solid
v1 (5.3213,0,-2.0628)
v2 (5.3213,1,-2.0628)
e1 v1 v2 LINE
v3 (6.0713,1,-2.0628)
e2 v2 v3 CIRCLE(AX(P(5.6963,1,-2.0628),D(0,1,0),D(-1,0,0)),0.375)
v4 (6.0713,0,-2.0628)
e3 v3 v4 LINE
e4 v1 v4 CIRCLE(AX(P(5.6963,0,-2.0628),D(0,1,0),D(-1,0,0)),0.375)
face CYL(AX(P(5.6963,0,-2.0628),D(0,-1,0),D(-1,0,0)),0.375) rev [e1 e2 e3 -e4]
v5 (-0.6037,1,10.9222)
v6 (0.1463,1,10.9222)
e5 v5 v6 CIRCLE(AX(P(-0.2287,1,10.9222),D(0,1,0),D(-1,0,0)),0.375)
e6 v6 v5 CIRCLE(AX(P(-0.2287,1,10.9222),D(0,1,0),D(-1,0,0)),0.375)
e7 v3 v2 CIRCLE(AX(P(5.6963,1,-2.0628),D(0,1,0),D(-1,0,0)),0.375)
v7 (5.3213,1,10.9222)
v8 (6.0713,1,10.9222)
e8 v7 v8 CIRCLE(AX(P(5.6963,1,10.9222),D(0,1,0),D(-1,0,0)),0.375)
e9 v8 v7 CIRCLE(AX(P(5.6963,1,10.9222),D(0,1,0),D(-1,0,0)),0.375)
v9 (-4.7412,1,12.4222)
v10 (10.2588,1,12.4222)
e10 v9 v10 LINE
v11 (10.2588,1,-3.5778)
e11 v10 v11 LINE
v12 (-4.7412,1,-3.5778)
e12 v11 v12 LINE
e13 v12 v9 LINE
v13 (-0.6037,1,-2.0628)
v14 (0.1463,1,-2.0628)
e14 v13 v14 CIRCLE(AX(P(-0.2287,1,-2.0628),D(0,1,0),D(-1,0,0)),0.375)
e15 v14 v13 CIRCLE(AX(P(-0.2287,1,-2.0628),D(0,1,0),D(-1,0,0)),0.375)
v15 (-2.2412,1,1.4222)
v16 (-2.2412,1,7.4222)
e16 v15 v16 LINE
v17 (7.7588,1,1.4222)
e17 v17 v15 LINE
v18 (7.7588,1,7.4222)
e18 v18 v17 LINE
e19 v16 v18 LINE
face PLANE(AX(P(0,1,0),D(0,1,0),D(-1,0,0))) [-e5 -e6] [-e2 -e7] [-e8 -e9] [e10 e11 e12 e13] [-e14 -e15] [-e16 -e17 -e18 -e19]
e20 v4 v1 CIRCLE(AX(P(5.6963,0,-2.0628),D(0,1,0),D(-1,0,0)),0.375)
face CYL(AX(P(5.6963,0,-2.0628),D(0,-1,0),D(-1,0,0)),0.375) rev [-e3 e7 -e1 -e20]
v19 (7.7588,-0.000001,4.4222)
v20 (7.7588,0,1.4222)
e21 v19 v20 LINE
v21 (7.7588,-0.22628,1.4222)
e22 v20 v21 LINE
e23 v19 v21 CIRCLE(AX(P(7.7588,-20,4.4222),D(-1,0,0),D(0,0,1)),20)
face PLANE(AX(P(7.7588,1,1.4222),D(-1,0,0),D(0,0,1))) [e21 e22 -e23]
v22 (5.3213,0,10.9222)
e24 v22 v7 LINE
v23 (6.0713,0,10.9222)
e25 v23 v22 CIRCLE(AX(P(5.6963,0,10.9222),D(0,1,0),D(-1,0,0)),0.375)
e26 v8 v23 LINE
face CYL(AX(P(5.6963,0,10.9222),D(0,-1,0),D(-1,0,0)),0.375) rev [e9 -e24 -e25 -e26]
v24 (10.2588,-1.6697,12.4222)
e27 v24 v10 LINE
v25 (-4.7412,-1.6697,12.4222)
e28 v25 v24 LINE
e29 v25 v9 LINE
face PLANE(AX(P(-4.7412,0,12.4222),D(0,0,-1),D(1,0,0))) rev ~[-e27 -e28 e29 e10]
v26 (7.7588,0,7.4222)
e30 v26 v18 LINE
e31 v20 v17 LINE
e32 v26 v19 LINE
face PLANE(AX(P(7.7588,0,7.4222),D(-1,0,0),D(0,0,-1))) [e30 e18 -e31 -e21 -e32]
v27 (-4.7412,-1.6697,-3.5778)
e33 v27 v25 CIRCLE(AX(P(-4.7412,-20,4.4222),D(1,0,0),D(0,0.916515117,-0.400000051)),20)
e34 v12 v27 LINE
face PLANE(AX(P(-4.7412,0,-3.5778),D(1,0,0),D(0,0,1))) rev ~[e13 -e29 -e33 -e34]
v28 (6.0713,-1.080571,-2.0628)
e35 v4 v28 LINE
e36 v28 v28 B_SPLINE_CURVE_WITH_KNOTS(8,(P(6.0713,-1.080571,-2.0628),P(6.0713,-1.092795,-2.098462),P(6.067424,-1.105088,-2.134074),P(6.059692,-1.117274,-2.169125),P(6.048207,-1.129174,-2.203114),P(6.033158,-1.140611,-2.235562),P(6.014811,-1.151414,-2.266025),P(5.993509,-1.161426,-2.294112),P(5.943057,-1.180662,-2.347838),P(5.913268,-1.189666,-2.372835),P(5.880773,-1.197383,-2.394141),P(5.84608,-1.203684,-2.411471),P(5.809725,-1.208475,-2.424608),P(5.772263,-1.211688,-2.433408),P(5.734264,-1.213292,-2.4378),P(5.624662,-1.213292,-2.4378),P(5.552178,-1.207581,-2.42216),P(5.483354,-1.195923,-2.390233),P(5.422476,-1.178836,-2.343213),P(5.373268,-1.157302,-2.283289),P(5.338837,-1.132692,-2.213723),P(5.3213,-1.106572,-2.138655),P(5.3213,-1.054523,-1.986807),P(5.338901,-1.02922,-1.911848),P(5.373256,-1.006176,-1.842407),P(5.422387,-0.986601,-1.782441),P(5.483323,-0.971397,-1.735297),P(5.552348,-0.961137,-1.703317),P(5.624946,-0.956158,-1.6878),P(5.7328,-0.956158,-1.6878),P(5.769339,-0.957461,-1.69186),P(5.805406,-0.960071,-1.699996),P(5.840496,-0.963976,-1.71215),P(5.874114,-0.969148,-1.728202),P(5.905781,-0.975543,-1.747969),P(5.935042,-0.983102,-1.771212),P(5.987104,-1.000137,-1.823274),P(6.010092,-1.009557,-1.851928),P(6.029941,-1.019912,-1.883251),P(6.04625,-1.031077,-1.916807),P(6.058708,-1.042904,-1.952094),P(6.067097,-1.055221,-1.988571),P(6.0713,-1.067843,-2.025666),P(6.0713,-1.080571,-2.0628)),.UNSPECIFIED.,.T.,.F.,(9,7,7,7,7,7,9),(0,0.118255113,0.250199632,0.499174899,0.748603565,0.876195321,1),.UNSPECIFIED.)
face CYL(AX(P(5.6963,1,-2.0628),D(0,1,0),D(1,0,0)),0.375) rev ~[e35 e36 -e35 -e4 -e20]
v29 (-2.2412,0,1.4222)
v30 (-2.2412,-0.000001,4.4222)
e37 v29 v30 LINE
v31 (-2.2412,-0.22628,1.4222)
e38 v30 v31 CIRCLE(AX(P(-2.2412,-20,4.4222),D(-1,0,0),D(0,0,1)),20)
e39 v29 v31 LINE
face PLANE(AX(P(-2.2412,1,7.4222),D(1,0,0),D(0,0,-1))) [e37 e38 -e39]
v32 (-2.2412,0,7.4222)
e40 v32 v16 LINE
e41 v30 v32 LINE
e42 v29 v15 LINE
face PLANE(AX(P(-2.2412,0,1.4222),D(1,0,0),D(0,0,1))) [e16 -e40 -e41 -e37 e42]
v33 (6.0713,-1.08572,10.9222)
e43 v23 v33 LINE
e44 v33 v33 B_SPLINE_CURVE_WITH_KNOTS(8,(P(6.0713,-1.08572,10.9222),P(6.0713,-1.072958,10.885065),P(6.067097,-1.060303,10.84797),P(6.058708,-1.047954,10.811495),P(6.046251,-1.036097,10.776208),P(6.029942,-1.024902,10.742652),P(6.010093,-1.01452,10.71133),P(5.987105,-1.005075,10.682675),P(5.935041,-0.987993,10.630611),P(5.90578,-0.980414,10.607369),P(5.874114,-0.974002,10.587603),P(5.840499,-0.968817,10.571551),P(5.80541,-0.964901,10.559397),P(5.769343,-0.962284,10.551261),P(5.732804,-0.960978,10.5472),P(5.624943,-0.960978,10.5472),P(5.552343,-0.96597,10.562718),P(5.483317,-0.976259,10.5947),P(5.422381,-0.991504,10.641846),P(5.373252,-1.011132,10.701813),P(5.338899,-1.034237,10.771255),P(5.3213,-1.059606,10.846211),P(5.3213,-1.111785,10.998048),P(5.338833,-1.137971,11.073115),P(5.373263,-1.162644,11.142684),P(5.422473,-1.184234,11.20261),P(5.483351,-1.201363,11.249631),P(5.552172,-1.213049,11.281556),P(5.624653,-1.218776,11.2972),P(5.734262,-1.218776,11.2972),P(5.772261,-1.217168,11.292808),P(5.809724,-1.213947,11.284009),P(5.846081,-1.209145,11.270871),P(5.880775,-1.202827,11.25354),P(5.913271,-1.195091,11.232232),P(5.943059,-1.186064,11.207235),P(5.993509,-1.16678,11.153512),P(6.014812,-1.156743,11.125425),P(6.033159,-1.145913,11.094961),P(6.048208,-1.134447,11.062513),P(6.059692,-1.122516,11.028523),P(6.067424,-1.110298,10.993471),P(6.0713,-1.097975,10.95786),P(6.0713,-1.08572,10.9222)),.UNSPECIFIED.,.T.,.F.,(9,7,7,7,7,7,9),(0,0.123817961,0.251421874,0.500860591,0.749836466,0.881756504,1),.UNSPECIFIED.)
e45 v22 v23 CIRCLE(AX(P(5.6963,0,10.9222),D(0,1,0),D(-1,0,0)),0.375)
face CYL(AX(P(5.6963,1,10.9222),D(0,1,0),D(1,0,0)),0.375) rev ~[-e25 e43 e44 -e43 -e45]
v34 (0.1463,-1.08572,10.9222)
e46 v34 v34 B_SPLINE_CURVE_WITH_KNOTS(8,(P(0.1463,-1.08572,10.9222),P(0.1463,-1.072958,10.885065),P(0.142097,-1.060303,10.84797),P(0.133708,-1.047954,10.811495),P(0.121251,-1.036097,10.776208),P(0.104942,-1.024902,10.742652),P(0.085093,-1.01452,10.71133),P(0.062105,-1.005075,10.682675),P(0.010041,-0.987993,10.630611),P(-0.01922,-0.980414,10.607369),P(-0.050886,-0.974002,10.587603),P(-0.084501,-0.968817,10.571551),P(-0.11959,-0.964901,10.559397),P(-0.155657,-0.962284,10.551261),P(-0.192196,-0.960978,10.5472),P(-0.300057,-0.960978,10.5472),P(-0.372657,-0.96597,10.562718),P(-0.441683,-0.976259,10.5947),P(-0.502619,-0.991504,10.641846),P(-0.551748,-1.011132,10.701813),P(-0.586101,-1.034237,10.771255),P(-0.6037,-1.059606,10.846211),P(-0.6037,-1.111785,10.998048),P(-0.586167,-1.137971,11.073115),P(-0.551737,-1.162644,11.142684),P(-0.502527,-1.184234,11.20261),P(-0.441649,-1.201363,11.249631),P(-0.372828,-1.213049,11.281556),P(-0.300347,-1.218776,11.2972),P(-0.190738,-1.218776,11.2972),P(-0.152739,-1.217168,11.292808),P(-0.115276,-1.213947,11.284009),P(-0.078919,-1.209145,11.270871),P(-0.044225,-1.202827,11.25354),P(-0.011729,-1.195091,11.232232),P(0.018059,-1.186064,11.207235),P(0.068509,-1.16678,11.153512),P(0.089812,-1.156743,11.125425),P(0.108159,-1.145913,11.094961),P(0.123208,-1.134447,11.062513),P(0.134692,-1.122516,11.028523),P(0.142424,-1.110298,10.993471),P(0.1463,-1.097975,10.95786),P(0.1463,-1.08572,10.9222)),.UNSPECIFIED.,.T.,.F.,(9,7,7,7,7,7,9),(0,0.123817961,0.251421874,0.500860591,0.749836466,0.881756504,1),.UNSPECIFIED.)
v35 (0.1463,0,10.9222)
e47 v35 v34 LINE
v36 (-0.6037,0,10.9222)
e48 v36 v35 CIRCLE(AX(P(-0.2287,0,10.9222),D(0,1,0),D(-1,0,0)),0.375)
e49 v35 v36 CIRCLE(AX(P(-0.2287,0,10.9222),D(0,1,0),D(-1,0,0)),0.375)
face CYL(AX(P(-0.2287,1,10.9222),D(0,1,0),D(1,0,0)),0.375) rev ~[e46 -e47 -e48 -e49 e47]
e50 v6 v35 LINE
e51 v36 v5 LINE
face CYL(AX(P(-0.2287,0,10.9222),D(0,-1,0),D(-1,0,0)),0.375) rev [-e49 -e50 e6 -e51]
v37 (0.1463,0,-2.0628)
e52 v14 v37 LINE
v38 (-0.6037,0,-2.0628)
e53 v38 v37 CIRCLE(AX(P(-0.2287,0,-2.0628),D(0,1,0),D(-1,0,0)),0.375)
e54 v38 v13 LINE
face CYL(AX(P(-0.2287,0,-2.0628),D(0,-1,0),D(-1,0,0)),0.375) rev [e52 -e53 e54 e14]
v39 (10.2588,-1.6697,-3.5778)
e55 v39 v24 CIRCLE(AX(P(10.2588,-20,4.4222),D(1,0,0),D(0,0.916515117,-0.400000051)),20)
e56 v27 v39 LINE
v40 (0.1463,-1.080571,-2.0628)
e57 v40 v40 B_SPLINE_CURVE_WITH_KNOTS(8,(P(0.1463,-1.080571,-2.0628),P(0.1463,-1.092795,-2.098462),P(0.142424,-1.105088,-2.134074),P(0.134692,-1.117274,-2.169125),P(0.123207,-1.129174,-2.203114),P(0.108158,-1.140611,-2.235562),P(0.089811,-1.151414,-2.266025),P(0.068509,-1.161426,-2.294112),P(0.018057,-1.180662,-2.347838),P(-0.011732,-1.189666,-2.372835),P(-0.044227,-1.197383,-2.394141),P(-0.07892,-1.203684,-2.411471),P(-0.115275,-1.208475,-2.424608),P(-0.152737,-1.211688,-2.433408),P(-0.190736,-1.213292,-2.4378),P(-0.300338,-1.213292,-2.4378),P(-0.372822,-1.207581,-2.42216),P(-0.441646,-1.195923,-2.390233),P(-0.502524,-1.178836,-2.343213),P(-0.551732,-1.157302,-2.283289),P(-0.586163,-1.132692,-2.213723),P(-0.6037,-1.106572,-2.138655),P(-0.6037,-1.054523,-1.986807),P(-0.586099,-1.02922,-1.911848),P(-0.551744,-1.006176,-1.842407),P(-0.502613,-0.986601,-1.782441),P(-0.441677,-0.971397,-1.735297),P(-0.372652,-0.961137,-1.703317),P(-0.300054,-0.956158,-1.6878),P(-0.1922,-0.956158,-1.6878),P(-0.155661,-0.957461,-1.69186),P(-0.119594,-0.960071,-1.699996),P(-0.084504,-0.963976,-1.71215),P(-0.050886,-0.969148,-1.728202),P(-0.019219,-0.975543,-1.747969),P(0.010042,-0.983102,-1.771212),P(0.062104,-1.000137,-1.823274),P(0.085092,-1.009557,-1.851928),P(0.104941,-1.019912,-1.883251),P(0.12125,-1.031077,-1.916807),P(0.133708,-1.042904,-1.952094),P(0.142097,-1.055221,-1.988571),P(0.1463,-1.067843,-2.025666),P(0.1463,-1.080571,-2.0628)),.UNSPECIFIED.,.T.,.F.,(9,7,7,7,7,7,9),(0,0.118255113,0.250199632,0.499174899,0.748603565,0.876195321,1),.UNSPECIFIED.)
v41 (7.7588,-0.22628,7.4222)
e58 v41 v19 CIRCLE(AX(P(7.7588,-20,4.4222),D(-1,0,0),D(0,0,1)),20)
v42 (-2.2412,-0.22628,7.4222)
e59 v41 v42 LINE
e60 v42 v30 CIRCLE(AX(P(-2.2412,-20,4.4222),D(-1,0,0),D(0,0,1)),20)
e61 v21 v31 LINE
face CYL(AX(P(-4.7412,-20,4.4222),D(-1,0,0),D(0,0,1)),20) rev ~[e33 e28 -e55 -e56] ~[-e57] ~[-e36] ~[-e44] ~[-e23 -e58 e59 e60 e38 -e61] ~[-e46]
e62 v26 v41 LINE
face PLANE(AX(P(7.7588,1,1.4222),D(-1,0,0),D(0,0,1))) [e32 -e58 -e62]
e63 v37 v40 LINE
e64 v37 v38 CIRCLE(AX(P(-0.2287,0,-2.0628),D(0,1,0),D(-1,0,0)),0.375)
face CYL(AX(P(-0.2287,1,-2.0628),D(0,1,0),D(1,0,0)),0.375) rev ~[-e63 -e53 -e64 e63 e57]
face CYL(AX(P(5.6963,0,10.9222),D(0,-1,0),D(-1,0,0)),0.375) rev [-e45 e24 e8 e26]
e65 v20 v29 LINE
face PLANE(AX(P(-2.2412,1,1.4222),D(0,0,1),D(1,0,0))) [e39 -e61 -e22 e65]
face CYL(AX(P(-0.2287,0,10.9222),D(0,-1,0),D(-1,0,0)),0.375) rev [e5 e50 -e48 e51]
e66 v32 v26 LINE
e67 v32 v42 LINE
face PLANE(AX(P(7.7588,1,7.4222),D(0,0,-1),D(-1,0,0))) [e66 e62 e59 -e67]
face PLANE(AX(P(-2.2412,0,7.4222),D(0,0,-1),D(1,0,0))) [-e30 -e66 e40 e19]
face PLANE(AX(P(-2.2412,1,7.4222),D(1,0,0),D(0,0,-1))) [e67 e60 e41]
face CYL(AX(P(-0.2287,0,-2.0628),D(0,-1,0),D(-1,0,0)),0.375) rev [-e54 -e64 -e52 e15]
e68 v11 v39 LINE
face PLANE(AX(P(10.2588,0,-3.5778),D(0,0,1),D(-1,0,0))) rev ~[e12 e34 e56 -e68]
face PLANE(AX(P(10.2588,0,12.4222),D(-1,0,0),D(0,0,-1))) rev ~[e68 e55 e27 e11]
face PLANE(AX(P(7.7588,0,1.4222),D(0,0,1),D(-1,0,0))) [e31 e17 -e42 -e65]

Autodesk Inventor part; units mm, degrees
ref_plane "YZ Plane" through (0, 0, 0) normal (1, 0, 0) x (0, 1, 0)
ref_plane "XZ Plane" through (0, 0, 0) normal (0, 1, 0) x (-1, 0, 0)
ref_plane "XY Plane" through (0, 0, 0) normal (0, 0, 1) x (1, 0, 0)
sketch "Sketch1" plane through (0, 0, 0) normal (0, 1, 0) x (-1, 0, 0)
  line L0 (4.7412, 12.4222) -> (-10.2588, 12.4222)
  line L1 (-10.2588, 12.4222) -> (-10.2588, -3.5778)
  line L2 (-10.2588, -3.5778) -> (4.7412, -3.5778)
  line L3 (4.7412, -3.5778) -> (4.7412, 12.4222)
  line L4 (2.2412, 7.4222) -> (-7.7588, 7.4222)
  line L5 (-7.7588, 7.4222) -> (-7.7588, 1.4222)
  line L6 (-7.7588, 1.4222) -> (2.2412, 1.4222)
  line L7 (2.2412, 1.4222) -> (2.2412, 7.4222)
  circle A0 centre (0.2287, 10.9222) radius 0.375
  circle A1 centre (-5.6963, 10.9222) radius 0.375
  circle A2 centre (0.2287, -2.0628) radius 0.375
  circle A3 centre (-5.6963, -2.0628) radius 0.375
  point P0 (0, 0)
  dimension "d0" = 15
  dimension "d1" = 16
  dimension "d2" = 10
  dimension "d3" = 6
  dimension "d4" = 2.5
  dimension "d5" = 5
  dimension "d6" = 0.75
  dimension "d7" = 4.5125
  dimension "d8" = 1.5
  dimension "d11" = 5.925
  dimension "d14" = 12.985
extrude "Extrusion1" add sketch "Sketch1" along normal blind 1
sketch "Sketch2" plane through (-4.7412, 0, -3.5778) normal (-1, 0, 0) x (0, 0, 1)
  circle A0 centre (8, -20) radius 20 projected
  line L0 (16, 0) -> (16, 1) projected
  line L1 (16, 0) -> (16, -1.6697)
  line L2 (16, 0) -> (0, 0) projected
  line L3 (0, 0) -> (0, -1.6697)
  arc A1 (16, -1.6697) -> (0, -1.6697) centre (8, -20) ccw
  point P0 (3.5778, 0)
  point P1 (8, 0)
extrude "Extrusion2" add sketch "Sketch2" against normal up to surface (15 mm away) contours A0 L2 L1 | L3 L2 A0
sketch "Sketch3" plane through (0, 1, 0) normal (0, 1, 0) x (1, 0, 0)
  circle A0 centre (-0.2287, -10.9222) radius 0.375 projected
  circle A1 centre (5.6963, -10.9222) radius 0.375 projected
  circle A2 centre (-0.2287, 2.0628) radius 0.375 projected
  circle A3 centre (5.6963, 2.0628) radius 0.375 projected
  line L0 (-2.2412, -1.4222) -> (7.7588, -1.4222) projected
  line L1 (-2.2412, -7.4222) -> (-2.2412, -1.4222) projected
  line L2 (7.7588, -7.4222) -> (-2.2412, -7.4222) projected
  line L3 (7.7588, -1.4222) -> (7.7588, -7.4222) projected
  line L4 (-2.2412, -7.4222) -> (7.7588, -7.4222)
  line L5 (7.7588, -7.4222) -> (7.7588, -1.4222)
  line L6 (7.7588, -1.4222) -> (-2.2412, -1.4222)
  line L7 (-2.2412, -1.4222) -> (-2.2412, -7.4222)
  circle A4 centre (5.6963, 2.0628) radius 0.375
  circle A5 centre (-0.2287, 2.0628) radius 0.375
  circle A6 centre (-0.2287, -10.9222) radius 0.375
  circle A7 centre (5.6963, -10.9222) radius 0.375
  point P0 (0, 0)
extrude "Extrusion3" cut sketch "Sketch3" against normal through all
properties part number "Viewing Mirror Holder Mount"
